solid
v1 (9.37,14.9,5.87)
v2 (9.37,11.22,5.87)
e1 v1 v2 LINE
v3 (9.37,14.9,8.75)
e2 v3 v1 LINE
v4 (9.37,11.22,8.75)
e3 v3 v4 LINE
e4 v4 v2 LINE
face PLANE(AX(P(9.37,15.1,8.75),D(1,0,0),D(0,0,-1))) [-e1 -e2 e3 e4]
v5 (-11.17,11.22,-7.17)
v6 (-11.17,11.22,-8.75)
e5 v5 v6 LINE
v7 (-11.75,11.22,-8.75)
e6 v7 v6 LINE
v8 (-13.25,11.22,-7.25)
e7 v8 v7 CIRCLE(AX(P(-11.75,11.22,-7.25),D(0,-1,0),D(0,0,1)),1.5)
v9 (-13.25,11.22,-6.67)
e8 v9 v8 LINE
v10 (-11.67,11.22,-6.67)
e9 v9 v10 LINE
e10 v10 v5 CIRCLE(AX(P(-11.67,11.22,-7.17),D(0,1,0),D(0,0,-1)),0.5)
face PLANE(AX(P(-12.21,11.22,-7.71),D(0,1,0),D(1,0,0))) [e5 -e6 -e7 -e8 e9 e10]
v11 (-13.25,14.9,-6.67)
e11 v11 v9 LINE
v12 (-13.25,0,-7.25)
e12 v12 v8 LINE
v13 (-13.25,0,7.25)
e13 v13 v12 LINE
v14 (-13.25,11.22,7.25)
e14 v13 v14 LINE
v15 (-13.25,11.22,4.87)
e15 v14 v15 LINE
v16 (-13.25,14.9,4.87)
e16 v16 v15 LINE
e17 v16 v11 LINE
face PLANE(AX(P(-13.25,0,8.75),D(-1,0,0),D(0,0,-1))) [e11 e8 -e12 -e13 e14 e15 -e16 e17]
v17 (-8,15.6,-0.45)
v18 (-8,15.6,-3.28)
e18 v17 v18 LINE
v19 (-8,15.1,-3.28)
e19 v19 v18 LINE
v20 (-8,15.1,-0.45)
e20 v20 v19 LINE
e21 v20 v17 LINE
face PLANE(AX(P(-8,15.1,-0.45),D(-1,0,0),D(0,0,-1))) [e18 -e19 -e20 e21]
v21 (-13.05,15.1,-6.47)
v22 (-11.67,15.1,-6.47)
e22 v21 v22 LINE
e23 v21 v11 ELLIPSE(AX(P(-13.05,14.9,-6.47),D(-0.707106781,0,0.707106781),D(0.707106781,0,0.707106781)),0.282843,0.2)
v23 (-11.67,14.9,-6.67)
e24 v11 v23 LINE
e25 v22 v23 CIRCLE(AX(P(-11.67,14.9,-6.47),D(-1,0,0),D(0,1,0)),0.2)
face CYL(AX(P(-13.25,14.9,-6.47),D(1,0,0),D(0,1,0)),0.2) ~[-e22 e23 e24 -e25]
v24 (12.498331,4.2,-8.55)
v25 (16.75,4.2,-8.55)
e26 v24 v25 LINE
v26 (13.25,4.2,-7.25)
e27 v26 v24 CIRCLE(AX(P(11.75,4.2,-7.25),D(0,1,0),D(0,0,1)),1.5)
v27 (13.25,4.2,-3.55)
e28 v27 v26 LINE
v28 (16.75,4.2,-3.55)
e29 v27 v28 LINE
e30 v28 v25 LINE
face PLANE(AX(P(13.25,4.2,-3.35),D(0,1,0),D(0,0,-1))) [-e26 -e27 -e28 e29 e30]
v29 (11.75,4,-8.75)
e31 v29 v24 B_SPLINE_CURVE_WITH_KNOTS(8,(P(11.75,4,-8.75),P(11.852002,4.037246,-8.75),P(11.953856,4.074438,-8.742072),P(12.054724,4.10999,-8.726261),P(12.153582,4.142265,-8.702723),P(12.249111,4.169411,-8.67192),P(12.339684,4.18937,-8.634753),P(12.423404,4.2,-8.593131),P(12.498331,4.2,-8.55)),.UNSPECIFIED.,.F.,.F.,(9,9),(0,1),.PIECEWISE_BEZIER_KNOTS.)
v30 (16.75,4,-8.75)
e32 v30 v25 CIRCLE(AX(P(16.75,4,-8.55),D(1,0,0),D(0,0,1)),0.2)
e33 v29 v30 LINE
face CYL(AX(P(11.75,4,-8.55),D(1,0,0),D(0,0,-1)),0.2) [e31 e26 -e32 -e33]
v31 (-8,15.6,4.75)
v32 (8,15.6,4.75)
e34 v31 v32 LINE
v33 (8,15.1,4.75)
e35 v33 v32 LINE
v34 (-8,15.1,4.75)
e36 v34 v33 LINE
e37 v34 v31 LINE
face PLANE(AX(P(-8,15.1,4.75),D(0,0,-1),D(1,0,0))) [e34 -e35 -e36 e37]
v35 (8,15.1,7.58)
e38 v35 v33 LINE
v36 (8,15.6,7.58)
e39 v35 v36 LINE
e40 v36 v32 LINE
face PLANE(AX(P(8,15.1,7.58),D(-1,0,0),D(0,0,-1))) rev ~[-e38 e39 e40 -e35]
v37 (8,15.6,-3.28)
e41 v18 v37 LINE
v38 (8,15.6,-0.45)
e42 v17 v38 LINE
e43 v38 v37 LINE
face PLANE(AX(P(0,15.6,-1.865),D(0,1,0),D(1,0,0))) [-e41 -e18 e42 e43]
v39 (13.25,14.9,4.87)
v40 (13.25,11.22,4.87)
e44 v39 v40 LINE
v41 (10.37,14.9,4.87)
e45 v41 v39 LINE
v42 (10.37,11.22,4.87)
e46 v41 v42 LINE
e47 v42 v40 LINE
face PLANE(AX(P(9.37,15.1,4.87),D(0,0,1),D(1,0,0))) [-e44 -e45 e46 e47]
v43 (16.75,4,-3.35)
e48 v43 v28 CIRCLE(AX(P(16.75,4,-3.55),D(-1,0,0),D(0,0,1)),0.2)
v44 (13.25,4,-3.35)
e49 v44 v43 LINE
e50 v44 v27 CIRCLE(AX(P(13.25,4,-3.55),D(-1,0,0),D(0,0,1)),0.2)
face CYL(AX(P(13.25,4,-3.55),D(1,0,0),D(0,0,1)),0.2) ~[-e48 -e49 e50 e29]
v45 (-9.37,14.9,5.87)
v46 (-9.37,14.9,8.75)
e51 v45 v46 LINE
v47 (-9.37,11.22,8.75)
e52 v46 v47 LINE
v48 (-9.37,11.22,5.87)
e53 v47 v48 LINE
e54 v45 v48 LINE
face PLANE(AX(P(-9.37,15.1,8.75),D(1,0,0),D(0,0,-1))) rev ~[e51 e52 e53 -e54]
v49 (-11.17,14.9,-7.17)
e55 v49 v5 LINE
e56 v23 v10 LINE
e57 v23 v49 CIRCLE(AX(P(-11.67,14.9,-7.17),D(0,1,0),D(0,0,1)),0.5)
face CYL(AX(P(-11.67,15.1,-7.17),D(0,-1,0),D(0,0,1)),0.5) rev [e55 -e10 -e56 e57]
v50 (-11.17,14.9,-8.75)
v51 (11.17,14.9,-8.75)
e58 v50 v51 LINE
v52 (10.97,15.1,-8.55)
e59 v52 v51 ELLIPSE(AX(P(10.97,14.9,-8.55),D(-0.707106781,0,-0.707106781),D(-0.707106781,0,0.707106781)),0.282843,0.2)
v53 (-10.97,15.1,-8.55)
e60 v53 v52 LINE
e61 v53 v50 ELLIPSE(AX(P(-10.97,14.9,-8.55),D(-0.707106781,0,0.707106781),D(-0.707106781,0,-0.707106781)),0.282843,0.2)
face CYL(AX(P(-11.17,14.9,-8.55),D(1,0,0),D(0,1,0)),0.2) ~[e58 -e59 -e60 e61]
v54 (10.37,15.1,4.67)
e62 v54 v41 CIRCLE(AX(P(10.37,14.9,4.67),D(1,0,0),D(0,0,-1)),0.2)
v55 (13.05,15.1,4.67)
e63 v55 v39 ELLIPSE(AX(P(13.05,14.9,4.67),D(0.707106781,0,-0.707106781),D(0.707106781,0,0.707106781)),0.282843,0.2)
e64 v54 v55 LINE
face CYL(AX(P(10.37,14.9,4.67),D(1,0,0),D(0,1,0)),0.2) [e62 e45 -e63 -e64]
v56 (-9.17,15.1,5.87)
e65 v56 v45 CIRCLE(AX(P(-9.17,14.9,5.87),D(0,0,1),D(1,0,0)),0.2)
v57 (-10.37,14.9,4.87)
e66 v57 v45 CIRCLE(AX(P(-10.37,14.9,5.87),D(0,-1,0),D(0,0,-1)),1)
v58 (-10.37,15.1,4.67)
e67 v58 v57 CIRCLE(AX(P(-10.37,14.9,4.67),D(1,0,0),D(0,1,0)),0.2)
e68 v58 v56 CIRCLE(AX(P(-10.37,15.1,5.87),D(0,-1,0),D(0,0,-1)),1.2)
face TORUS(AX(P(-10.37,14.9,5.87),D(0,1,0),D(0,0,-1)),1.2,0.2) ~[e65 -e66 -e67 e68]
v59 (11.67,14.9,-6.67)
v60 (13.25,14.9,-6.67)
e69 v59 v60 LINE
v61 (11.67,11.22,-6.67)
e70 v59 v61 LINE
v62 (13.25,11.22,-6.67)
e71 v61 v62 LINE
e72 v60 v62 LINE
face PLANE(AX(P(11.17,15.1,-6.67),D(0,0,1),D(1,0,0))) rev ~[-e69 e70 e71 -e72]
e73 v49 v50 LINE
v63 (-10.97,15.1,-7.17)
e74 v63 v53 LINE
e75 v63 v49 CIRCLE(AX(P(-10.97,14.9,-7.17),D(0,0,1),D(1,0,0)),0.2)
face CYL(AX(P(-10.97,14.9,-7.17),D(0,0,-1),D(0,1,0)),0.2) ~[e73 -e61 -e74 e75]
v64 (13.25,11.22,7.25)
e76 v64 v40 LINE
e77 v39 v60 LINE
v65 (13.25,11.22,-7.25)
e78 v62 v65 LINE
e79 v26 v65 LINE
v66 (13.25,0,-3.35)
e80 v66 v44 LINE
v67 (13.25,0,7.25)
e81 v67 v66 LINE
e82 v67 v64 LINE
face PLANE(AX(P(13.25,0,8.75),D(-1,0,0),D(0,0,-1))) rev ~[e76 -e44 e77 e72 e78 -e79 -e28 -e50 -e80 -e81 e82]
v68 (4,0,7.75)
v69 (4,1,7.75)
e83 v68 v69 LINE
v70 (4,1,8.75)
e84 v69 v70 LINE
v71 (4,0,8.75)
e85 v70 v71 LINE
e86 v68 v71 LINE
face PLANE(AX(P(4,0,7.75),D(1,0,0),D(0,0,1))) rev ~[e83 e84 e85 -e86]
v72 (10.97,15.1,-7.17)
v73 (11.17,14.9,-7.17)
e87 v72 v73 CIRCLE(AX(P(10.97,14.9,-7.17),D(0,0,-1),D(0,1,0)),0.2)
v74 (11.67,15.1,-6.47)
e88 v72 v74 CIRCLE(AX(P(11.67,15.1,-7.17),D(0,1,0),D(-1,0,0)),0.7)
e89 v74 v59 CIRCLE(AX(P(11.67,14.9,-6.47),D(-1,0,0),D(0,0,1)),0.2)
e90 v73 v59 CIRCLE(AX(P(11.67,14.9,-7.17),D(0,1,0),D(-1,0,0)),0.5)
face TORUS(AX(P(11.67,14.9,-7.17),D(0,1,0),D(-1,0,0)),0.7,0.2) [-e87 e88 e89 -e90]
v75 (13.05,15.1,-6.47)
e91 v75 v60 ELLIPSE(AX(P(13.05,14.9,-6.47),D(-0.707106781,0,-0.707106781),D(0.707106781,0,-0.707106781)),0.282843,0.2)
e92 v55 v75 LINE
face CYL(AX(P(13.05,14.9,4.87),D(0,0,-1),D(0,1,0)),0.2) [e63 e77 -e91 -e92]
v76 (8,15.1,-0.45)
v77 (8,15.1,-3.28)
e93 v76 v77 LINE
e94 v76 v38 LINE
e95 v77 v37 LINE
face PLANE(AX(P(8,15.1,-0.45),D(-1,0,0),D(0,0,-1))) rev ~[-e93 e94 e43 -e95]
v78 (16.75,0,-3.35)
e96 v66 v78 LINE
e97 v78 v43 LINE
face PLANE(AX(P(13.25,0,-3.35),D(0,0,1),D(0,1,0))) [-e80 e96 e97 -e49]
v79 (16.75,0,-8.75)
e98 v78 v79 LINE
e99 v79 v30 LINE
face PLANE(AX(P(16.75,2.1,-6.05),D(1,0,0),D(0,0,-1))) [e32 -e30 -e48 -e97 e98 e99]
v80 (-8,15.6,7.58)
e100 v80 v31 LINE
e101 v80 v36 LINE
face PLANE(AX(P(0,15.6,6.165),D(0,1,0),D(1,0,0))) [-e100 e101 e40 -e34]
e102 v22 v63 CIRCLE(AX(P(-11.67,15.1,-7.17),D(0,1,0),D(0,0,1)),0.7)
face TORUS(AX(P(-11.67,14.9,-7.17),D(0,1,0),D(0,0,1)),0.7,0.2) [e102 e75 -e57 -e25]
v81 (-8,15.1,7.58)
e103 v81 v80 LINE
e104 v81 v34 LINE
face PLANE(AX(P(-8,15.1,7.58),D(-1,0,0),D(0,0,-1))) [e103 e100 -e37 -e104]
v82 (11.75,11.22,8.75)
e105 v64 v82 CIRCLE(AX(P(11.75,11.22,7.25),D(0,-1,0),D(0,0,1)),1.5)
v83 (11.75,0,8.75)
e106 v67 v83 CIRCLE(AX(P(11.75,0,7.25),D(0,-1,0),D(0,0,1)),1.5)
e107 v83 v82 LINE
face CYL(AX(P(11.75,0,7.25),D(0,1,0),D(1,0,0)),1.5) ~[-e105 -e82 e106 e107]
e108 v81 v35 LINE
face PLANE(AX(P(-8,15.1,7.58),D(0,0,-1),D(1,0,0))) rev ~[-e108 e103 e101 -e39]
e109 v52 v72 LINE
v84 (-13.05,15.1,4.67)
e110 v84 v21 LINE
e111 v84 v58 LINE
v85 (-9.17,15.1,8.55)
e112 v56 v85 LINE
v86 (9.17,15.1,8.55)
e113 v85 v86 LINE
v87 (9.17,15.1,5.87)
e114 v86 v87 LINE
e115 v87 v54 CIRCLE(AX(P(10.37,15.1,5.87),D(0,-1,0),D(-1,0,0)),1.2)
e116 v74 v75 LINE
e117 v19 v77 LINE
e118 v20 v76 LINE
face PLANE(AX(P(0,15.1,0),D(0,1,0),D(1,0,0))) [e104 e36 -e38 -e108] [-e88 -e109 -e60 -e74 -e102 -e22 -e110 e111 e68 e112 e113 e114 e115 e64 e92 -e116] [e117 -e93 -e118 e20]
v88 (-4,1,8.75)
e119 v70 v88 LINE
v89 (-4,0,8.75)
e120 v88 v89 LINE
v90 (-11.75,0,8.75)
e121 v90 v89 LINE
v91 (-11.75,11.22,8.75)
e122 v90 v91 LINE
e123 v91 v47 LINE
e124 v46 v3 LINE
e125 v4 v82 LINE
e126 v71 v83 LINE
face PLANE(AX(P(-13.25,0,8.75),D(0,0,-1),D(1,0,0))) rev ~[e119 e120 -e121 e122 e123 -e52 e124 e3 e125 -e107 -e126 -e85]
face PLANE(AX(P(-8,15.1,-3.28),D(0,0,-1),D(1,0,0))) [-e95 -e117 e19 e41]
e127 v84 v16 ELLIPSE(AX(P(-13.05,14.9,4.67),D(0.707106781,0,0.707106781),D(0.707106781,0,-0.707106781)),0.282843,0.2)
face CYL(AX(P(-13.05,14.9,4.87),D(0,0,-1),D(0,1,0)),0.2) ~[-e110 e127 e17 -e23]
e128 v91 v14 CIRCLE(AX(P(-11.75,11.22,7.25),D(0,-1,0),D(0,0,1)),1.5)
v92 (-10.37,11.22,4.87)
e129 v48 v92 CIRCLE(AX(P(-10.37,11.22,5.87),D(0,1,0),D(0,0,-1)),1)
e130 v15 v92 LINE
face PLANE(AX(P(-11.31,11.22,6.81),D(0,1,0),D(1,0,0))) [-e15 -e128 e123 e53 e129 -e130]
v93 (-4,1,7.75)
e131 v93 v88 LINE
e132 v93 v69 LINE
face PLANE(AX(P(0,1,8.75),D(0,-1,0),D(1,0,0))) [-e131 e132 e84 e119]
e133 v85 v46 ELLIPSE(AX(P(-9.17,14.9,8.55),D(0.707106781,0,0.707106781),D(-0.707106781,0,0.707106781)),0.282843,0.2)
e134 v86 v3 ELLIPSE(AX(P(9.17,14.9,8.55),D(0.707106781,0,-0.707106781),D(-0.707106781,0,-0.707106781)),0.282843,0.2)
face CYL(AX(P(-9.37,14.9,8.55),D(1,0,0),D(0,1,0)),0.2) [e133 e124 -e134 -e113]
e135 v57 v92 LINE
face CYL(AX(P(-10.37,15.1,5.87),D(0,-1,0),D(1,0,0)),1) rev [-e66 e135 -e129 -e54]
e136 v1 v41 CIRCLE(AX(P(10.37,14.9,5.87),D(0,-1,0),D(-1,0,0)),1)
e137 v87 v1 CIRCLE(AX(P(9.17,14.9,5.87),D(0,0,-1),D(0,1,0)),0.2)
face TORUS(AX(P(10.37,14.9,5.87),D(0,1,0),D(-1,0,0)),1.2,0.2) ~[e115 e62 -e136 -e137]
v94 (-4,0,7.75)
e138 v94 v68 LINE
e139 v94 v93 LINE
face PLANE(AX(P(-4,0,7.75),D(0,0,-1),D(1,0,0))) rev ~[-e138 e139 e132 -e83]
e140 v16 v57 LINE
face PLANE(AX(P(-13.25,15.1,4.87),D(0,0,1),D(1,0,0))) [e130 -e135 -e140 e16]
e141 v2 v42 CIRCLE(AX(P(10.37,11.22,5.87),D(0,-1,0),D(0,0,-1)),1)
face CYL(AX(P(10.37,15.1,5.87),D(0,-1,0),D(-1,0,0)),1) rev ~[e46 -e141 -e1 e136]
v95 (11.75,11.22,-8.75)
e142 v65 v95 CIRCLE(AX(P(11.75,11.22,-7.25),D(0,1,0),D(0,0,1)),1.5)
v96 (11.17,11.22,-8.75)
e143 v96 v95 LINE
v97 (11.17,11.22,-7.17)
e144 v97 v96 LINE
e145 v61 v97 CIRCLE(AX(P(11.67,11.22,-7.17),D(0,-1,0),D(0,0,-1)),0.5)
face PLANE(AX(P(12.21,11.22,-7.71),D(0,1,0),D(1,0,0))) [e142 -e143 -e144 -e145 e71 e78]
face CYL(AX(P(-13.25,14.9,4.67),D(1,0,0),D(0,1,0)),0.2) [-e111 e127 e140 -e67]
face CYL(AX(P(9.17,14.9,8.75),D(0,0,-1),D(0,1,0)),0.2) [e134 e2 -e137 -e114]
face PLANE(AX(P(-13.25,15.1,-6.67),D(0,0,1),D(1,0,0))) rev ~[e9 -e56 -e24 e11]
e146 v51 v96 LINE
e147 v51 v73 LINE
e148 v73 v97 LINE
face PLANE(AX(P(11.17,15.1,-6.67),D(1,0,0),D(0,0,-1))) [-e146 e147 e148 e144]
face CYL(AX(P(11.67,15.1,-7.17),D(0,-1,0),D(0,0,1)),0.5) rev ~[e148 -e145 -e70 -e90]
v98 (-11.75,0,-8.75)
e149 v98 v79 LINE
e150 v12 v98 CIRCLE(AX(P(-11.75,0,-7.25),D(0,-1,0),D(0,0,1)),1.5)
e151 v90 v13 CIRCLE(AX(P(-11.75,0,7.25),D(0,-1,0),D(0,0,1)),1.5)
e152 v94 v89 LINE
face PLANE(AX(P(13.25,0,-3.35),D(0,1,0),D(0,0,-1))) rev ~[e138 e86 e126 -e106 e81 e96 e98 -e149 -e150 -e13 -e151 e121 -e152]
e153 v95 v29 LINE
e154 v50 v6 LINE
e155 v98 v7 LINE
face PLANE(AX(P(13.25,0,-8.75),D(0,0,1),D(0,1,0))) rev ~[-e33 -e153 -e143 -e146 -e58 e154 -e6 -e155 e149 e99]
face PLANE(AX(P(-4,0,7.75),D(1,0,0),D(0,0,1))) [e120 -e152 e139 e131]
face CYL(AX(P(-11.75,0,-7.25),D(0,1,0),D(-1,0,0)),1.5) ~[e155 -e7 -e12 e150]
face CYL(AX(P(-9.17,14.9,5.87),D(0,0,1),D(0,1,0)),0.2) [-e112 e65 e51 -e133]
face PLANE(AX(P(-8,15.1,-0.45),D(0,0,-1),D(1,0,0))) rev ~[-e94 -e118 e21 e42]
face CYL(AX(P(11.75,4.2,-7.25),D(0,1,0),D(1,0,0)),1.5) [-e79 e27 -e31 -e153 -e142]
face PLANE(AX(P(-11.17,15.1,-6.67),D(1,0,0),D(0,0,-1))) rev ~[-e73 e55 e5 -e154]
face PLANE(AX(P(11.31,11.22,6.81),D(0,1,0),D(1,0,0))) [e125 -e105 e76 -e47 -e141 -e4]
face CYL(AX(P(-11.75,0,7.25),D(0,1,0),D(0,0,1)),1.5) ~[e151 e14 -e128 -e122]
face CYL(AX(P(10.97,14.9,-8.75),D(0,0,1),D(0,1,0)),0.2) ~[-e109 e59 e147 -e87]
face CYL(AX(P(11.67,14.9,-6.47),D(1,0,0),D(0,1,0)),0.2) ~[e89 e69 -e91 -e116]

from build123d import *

# Parameters (mm, degrees)
SKETCH_1_W          = 26.5
SKETCH_1_H          = 17.5
EXTRUDE_1_DEPTH     = 15.1
SKETCH_2_W          = 5.4
SKETCH_2_H          = 4.2
EXTRUDE_2_DEPTH     = 3.5
SKETCH_3_W          = 2.08
SKETCH_3_H          = 2.08
SKETCH_3_W_2        = 3.88
SKETCH_3_H_2        = 3.88
CUT_EXTRUDE_1_DEPTH = 3.88
SKETCH_4_W          = 8
SKETCH_4_H          = 2
CUT_EXTRUDE_2_DEPTH = 1
FILLET_1_R          = 1.5
FILLET_2_R          = 1
FILLET_3_R          = 0.5
FILLET_4_R          = 0.2
SKETCH_5_W          = 16
SKETCH_5_H          = 2.83
EXTRUDE_3_DEPTH     = 0.5


with BuildPart() as part:
    # 草图1 → 凸台-拉伸1 (new body)
    with BuildSketch(Plane(origin=(0, 0, 0), x_dir=(1, 0, 0), z_dir=(0, 1, 0))):
        Rectangle(SKETCH_1_W, SKETCH_1_H)
    extrude(amount=EXTRUDE_1_DEPTH)

    # 草图2 → 凸台-拉伸2 (add)
    with BuildSketch(Plane(origin=(13.25, 0, 0), x_dir=(0, 0, -1), z_dir=(1, 0, 0))):
        with Locations((6.05, 2.1)):
            Rectangle(SKETCH_2_W, SKETCH_2_H)
    extrude(amount=EXTRUDE_2_DEPTH)

    # 草图3 → 切除-拉伸1 (cut)
    with BuildSketch(Plane(origin=(0, 15.1, 0), x_dir=(1, 0, 0), z_dir=(0, 1, 0))):
        with Locations((-12.21, 7.71)):
            Rectangle(SKETCH_3_W, SKETCH_3_H)
        with Locations((-11.31, -6.81)):
            Rectangle(SKETCH_3_W_2, SKETCH_3_H_2)
        with Locations((11.31, -6.81)):
            Rectangle(SKETCH_3_W_2, SKETCH_3_H_2)
        with Locations((12.21, 7.71)):
            Rectangle(SKETCH_3_W, SKETCH_3_H)
    extrude(amount=-CUT_EXTRUDE_1_DEPTH, mode=Mode.SUBTRACT)

    # 草图4 → 切除-拉伸2 (cut)
    with BuildSketch(Plane.XZ):
        with Locations((0, 8.75)):
            Rectangle(SKETCH_4_W, SKETCH_4_H)
    extrude(amount=-CUT_EXTRUDE_2_DEPTH, mode=Mode.SUBTRACT)

    # 圆角1
    fillet_1_edges = [part.edges().sort_by_distance(p)[0] for p in [
        (13.25, 5.61, 8.75),
        (-13.25, 5.61, 8.75),
        (-13.25, 5.61, -8.75),
        (13.25, 7.71, -8.75),
    ]]
    fillet(fillet_1_edges, radius=FILLET_1_R)

    # 圆角2
    fillet_2_edges = [part.edges().sort_by_distance(p)[0] for p in [
        (9.37, 13.16, 4.87),
        (-9.37, 13.16, 4.87),
    ]]
    fillet(fillet_2_edges, radius=FILLET_2_R)

    # 圆角3
    fillet_3_edges = [part.edges().sort_by_distance(p)[0] for p in [
        (11.17, 13.16, -6.67),
        (-11.17, 13.16, -6.67),
    ]]
    fillet(fillet_3_edges, radius=FILLET_3_R)

    # 圆角4
    fillet_4_edges = [part.edges().sort_by_distance(p)[0] for p in [
        (9.37, 15.1, 7.31),
        (-11.81, 15.1, 4.87),
        (9.662893219, 15.1, 5.162893219),
        (-9.662893219, 15.1, 5.162893219),
        (-11.17, 15.1, -7.96),
        (12.46, 15.1, -6.67),
        (-11.316446609, 15.1, -6.816446609),
        (11.316446609, 15.1, -6.816446609),
        (14.25, 4.2, -8.75),
        (15, 4.2, -3.35),
        (13.25, 15.1, -0.9),
        (0, 15.1, -8.75),
        (-13.25, 15.1, -0.9),
        (0, 15.1, 8.75),
        (11.17, 15.1, -7.96),
        (11.81, 15.1, 4.87),
        (-9.37, 15.1, 7.31),
        (-12.46, 15.1, -6.67),
    ]]
    fillet(fillet_4_edges, radius=FILLET_4_R)

    # 草图5 → 凸台-拉伸3 (add)
    with BuildSketch(Plane(origin=(0, 15.1, 0), x_dir=(1, 0, 0), z_dir=(0, 1, 0))):
        with Locations((0, 1.865)):
            Rectangle(SKETCH_5_W, SKETCH_5_H)
        with Locations((0, -6.165)):
            Rectangle(SKETCH_5_W, SKETCH_5_H)
    extrude(amount=EXTRUDE_3_DEPTH)


solid = part.part
